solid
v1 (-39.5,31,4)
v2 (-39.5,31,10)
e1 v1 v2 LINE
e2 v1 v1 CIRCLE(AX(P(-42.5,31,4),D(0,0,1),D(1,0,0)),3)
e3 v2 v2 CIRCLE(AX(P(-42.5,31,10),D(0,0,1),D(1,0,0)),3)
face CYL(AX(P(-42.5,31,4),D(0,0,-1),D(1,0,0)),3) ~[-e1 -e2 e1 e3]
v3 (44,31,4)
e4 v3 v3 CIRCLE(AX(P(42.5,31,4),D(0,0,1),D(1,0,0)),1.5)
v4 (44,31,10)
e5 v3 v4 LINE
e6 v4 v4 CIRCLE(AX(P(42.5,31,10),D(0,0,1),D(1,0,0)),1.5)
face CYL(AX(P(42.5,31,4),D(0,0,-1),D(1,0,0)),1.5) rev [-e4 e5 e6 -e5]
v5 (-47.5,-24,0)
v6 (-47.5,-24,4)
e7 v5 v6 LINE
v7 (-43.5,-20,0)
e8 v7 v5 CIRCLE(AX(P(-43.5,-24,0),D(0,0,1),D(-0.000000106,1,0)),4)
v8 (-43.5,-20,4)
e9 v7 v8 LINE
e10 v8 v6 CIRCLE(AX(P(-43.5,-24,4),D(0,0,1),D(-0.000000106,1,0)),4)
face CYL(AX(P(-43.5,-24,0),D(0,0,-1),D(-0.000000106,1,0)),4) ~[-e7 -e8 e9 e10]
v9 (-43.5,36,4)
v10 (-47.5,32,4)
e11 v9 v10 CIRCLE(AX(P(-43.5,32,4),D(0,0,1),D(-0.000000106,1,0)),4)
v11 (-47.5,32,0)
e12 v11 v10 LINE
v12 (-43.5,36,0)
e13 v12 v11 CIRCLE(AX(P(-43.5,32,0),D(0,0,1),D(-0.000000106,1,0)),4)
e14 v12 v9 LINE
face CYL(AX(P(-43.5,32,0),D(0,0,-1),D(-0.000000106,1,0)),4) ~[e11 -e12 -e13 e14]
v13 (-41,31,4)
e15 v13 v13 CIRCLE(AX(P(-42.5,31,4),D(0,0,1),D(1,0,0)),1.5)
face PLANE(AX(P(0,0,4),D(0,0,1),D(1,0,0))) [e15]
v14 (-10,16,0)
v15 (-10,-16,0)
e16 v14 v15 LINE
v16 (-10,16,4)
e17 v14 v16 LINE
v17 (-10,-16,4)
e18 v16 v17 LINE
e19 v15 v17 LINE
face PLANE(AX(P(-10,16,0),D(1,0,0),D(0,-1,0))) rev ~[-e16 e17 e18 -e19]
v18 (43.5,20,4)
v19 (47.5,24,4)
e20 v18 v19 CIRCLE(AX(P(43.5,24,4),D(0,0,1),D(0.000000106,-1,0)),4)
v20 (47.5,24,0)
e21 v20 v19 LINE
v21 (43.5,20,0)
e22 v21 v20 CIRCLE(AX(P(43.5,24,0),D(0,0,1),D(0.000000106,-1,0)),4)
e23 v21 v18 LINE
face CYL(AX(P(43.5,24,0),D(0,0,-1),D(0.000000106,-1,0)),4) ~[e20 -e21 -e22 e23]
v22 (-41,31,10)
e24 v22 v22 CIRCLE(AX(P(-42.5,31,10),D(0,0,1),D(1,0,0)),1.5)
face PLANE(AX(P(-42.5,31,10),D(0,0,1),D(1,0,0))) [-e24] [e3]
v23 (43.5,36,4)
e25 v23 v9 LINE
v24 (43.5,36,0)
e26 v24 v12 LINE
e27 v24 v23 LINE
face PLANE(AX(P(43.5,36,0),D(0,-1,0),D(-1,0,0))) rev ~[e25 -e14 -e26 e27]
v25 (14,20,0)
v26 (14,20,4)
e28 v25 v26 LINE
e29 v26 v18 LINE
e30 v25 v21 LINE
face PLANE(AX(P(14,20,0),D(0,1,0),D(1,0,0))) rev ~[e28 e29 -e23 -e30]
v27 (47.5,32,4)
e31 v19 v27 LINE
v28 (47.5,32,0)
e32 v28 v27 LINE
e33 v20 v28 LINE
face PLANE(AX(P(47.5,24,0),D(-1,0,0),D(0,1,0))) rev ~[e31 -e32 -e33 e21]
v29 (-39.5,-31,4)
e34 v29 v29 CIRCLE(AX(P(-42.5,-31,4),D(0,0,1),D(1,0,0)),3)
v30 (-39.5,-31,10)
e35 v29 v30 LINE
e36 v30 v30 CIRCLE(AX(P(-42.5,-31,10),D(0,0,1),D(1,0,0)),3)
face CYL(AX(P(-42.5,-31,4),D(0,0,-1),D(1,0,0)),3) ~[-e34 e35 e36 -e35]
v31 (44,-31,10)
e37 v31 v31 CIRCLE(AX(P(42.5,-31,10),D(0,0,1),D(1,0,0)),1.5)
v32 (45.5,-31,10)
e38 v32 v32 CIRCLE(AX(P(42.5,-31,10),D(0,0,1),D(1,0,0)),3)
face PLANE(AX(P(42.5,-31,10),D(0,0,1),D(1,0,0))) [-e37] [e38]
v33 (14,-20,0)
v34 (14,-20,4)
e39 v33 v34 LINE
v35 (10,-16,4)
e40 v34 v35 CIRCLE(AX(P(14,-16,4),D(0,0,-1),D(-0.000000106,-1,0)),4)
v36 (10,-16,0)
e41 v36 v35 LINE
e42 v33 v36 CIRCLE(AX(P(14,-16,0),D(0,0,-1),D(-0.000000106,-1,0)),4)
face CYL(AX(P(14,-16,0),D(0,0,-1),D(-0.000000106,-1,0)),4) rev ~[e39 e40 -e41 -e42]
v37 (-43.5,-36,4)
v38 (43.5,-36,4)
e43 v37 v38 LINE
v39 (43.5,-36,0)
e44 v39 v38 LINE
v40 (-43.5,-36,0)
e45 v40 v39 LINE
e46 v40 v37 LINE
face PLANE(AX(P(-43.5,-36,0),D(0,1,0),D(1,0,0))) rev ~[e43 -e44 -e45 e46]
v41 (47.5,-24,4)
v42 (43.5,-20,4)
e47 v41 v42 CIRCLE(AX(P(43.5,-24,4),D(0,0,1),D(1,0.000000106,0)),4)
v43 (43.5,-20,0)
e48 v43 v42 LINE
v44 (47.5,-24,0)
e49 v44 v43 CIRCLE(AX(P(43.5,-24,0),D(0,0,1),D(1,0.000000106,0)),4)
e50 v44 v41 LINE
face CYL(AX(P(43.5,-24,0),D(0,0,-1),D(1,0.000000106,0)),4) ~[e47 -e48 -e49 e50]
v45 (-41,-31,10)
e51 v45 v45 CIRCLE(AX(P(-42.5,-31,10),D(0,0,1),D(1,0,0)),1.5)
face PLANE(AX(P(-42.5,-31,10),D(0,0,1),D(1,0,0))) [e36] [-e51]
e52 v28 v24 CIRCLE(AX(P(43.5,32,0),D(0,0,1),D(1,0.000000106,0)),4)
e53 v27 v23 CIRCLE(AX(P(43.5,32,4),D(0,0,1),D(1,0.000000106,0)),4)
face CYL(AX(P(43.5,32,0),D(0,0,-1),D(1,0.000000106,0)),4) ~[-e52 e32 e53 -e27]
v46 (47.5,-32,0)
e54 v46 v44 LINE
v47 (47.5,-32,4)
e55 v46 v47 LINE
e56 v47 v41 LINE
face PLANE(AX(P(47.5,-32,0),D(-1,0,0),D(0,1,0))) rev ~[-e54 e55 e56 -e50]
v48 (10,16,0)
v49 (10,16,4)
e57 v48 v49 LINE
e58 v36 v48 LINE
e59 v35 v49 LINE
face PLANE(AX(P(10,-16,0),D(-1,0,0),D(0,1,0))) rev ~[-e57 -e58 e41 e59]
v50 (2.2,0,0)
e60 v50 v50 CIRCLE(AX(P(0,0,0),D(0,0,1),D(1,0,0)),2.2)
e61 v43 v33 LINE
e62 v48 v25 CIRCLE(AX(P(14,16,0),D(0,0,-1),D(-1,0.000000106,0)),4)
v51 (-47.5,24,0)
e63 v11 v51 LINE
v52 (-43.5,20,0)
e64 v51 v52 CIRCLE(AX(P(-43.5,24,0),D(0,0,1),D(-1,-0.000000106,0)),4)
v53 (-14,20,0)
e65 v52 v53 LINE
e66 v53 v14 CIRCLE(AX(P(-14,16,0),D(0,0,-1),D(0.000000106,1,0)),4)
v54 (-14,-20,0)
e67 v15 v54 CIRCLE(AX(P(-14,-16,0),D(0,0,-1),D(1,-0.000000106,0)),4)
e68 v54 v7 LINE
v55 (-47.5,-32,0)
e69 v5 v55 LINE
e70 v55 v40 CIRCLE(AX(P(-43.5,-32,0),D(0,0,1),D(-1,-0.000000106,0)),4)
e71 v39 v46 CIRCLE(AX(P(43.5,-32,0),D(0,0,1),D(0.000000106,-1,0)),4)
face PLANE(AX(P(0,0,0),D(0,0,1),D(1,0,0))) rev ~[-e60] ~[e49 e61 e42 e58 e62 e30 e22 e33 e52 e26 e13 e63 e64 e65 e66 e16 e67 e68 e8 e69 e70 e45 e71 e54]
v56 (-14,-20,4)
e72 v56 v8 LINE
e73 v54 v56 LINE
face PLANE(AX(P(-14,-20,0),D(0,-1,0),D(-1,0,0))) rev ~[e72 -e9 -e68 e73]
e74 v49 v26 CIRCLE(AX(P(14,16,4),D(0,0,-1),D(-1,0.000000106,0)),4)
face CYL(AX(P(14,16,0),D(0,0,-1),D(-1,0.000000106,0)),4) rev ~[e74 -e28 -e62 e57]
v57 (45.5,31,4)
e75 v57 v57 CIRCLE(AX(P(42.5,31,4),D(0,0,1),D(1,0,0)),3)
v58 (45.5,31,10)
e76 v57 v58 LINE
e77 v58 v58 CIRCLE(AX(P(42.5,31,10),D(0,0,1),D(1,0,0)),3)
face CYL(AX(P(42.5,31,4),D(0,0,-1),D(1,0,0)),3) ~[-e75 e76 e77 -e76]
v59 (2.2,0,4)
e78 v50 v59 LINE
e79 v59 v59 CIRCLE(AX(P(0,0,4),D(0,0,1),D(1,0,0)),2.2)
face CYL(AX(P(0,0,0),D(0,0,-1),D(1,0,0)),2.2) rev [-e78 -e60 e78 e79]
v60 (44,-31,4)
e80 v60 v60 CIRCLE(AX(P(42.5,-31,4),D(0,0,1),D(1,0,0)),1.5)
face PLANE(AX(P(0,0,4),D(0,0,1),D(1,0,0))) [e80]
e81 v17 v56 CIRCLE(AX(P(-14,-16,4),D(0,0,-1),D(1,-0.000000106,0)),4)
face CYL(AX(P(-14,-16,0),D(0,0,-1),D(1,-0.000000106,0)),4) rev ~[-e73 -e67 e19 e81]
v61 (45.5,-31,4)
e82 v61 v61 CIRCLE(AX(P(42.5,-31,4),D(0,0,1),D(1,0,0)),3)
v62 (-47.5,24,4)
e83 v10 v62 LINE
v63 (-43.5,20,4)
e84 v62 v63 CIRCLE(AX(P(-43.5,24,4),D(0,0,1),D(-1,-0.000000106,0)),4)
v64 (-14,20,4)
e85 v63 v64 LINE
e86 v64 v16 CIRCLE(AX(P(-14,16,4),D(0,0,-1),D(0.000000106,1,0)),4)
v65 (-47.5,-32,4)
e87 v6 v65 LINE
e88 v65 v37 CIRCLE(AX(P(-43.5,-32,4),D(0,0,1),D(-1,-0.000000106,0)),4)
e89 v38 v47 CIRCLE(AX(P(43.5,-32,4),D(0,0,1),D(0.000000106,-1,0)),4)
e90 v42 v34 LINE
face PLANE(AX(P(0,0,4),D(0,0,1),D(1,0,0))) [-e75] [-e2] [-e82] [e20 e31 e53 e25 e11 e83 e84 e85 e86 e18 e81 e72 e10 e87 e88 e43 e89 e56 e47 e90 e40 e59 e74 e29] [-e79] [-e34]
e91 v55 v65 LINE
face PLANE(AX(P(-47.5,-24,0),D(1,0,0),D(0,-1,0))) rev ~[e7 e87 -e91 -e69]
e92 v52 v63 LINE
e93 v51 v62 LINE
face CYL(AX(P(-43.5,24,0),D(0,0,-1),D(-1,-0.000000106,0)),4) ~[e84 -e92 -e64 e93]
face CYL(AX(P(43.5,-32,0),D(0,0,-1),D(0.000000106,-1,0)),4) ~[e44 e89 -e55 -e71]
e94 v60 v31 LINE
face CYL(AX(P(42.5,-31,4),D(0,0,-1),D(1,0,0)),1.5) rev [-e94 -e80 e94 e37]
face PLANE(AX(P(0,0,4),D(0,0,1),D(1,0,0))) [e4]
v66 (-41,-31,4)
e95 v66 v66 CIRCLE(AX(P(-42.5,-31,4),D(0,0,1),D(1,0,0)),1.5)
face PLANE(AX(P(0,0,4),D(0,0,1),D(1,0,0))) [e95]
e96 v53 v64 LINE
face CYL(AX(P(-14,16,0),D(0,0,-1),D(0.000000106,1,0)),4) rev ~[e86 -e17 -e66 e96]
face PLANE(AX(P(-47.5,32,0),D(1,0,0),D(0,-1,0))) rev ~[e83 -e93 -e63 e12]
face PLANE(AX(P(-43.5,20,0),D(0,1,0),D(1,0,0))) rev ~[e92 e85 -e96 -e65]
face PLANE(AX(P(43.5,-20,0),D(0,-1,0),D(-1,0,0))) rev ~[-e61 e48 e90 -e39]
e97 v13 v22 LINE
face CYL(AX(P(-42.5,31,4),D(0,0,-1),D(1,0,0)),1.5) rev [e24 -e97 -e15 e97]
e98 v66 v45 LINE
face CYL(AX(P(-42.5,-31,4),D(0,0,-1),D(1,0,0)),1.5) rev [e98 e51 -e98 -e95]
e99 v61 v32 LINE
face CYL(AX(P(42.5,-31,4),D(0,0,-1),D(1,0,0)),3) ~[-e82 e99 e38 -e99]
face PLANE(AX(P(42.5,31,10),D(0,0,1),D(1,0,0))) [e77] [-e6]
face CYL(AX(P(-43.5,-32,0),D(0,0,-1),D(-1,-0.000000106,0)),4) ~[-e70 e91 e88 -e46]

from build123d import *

# Parameters (mm, degrees)
F0_R     = 2.2
F1_DEPTH = 4
F2_R     = 3
F2_R_2   = 1.5
F3_DEPTH = 6


with BuildPart() as f1:
    # F0 (on Top) → F1 (new body)
    with BuildSketch(Plane.XY):
        with BuildLine():
            ThreePointArc((47.5, 32), (46.328427, 34.828427), (43.5, 36))
            Line((43.5, 36), (-43.5, 36))
            ThreePointArc((-43.5, 36), (-46.328427, 34.828427), (-47.5, 32))
            Line((-47.5, 32), (-47.5, 24))
            ThreePointArc((-47.5, 24), (-46.328427, 21.171573), (-43.5, 20))
            Line((-43.5, 20), (-14, 20))
            ThreePointArc((-14, 20), (-11.171573, 18.828427), (-10, 16))
            Line((-10, 16), (-10, -16))
            ThreePointArc((-10, -16), (-11.171573, -18.828427), (-14, -20))
            Line((-14, -20), (-43.5, -20))
            ThreePointArc((-43.5, -20), (-46.328427, -21.171573), (-47.5, -24))
            Line((-47.5, -24), (-47.5, -32))
            ThreePointArc((-47.5, -32), (-46.328427, -34.828427), (-43.5, -36))
            Line((-43.5, -36), (43.5, -36))
            ThreePointArc((43.5, -36), (46.328427, -34.828427), (47.5, -32))
            Line((47.5, -32), (47.5, -24))
            ThreePointArc((47.5, -24), (46.328427, -21.171573), (43.5, -20))
            Line((43.5, -20), (14, -20))
            ThreePointArc((14, -20), (11.171573, -18.828427), (10, -16))
            Line((10, -16), (10, 16))
            ThreePointArc((10, 16), (11.171573, 18.828427), (14, 20))
            Line((14, 20), (43.5, 20))
            ThreePointArc((43.5, 20), (46.328427, 21.171573), (47.5, 24))
            Line((47.5, 24), (47.5, 32))
        make_face()
        Circle(F0_R, mode=Mode.SUBTRACT)
    extrude(amount=F1_DEPTH)

    # F2 (on face) → F3 (join)
    with BuildSketch(Plane.XY.offset(4)):
        with Locations((-42.5, 31)):
            Circle(F2_R)
        with Locations((-42.5, 31)):
            Circle(F2_R_2, mode=Mode.SUBTRACT)
        with Locations((42.5, 31)):
            Circle(F2_R)
        with Locations((42.5, 31)):
            Circle(F2_R_2, mode=Mode.SUBTRACT)
        with Locations((42.5, -31)):
            Circle(F2_R)
        with Locations((42.5, -31)):
            Circle(F2_R_2, mode=Mode.SUBTRACT)
        with Locations((-42.5, -31)):
            Circle(F2_R)
        with Locations((-42.5, -31)):
            Circle(F2_R_2, mode=Mode.SUBTRACT)
    extrude(amount=F3_DEPTH)


solid = f1.part
